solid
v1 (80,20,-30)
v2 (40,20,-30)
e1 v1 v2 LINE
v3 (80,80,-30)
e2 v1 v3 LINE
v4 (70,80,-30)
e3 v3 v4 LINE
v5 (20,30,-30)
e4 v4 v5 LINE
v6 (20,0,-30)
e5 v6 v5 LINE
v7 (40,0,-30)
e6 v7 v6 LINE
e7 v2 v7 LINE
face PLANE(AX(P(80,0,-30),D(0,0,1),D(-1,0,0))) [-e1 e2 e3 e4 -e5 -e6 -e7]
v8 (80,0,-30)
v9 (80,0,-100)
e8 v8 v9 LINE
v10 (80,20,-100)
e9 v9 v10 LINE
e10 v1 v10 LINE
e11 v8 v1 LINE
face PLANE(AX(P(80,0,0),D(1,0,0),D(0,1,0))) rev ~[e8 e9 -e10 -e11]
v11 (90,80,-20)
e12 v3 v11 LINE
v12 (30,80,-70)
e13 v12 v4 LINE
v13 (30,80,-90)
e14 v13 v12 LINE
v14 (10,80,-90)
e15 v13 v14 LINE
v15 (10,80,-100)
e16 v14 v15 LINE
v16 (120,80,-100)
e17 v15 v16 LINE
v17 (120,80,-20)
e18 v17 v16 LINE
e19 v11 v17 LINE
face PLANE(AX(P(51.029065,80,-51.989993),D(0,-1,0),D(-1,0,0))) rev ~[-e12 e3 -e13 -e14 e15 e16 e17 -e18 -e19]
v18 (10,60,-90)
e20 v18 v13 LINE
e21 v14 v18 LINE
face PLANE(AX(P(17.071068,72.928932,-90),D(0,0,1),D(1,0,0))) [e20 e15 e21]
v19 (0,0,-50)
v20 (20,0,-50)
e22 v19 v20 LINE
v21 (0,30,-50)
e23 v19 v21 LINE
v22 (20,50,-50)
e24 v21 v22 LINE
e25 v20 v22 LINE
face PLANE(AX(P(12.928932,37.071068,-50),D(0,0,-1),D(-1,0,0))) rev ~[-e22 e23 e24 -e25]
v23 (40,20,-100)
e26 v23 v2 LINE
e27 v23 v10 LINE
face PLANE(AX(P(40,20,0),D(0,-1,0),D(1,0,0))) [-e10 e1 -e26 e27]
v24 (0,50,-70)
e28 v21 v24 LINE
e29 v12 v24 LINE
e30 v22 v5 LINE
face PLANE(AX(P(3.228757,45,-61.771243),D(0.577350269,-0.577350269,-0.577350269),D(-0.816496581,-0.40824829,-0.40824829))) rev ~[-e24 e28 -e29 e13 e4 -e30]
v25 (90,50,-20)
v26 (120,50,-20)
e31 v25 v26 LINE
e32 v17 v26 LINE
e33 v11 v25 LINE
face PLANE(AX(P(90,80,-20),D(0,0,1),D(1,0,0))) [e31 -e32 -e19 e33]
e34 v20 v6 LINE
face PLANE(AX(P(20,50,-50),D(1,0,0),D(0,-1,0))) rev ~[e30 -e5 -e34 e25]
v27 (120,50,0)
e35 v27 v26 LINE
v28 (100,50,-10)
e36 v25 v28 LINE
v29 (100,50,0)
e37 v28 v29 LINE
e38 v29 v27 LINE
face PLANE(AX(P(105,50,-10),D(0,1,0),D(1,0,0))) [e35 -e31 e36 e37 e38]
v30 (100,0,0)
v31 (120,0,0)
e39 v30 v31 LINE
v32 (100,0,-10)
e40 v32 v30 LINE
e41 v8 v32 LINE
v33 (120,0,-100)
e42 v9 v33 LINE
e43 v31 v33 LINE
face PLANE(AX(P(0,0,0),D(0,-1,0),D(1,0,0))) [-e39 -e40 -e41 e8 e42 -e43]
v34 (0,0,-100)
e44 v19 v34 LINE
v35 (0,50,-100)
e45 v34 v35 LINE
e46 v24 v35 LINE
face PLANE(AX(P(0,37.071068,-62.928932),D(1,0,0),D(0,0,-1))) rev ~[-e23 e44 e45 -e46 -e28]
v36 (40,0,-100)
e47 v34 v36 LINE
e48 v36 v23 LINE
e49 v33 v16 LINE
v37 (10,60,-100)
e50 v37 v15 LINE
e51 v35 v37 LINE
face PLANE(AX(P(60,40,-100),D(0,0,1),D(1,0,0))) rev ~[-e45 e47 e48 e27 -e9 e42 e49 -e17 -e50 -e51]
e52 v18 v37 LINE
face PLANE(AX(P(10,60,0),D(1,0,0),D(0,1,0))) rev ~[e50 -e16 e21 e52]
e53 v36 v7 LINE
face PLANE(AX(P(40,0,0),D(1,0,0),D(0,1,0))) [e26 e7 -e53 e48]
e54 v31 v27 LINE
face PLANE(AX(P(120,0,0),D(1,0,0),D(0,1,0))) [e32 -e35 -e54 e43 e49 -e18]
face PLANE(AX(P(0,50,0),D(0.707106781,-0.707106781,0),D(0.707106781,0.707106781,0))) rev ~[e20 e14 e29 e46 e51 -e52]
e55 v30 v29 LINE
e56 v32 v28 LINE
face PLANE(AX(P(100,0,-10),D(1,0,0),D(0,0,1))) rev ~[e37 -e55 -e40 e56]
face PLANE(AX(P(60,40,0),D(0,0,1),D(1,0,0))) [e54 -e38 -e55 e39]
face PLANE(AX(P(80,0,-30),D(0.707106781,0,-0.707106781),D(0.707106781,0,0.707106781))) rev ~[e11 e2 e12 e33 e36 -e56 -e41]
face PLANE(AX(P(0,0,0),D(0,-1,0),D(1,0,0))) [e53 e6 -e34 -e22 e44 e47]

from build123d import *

# Parameters (mm, degrees)
SKETCH1_W                = 120
SKETCH1_H                = 80
BOSS_EXTRUDE1_DEPTH      = 100
SKETCH2_W                = 40
SKETCH2_H                = 20
CUT_EXTRUDE1_DEPTH       = 100
CUT_EXTRUDE2_DEPTH       = 100
SKETCH4_W                = 20
SKETCH4_H                = 50
CUT_EXTRUDE3_DEPTH       = 100
SKETCH5_W                = 60
SKETCH5_H                = 30
CUT_EXTRUDE4_DEPTH       = 100
CUT_EXTRUDE5_DEPTH       = 100
SKETCH7_W                = 30
SKETCH7_H                = 20
CUT_EXTRUDE6_DEPTH       = 30
CUT_EXTRUDE7_DEPTH       = 110
CUT_EXTRUDE8_DEPTH       = 110
CUT_EXTRUDE9_DEPTH       = 110
CUT_EXTRUDE11_DEPTH      = 110
CUT_EXTRUDE12_DEPTH      = 110
CUT_EXTRUDE13_DEPTH      = 110
BOSS_EXTRUDE4_DEPTH      = 50
BOSS_EXTRUDE6_DEPTH      = 40
BOSS_EXTRUDE7_DEPTH      = 40
CUT_EXTRUDE18_DEPTH      = 84
CUT_EXTRUDE18_DEPTH_BACK = 20
CUT_EXTRUDE19_DEPTH      = 20
SKETCH34_W               = 40
SKETCH34_H               = 50
BOSS_EXTRUDE8_DEPTH      = 30
SKETCH35_W               = 20
SKETCH35_H               = 14.142135624
CUT_EXTRUDE20_DEPTH      = 30
SKETCH36_W               = 20
SKETCH36_H               = 30
BOSS_EXTRUDE9_DEPTH      = 30
BOSS_EXTRUDE10_DEPTH     = 30
BOSS_EXTRUDE11_DEPTH     = 30
BOSS_EXTRUDE12_DEPTH     = 30
BOSS_EXTRUDE13_DEPTH     = 30
SKETCH41_W               = 40
SKETCH41_H               = 20
CUT_EXTRUDE21_DEPTH      = 172


with BuildPart() as part:
    # Sketch1 → Boss-Extrude1 (new body)
    with BuildSketch(Plane.XY):
        with Locations((60, 40)):
            Rectangle(SKETCH1_W, SKETCH1_H)
    extrude(amount=-BOSS_EXTRUDE1_DEPTH)

    # Sketch2 → Cut-Extrude1 (cut)
    with BuildSketch(Plane.XY):
        with Locations((60, 10)):
            Rectangle(SKETCH2_W, SKETCH2_H)
    extrude(amount=-CUT_EXTRUDE1_DEPTH, mode=Mode.SUBTRACT)

    # Sketch3 → Cut-Extrude2 (cut)
    with BuildSketch(Plane.XY):
        Polygon((0, 50), (10, 60), (10, 80), (0, 80), align=None)
    extrude(amount=-CUT_EXTRUDE2_DEPTH, mode=Mode.SUBTRACT)

    # Sketch4 → Cut-Extrude3 (cut)
    with BuildSketch(Plane(origin=(0, 0, 0), x_dir=(-1, 0, 0), z_dir=(0, -1, 0))):
        with Locations((-10, 25)):
            Rectangle(SKETCH4_W, SKETCH4_H)
    extrude(amount=-CUT_EXTRUDE3_DEPTH, mode=Mode.SUBTRACT)

    # Sketch5 → Cut-Extrude4 (cut)
    with BuildSketch(Plane(origin=(0, 0, 0), x_dir=(-1, 0, 0), z_dir=(0, -1, 0))):
        with Locations((-50, 15)):
            Rectangle(SKETCH5_W, SKETCH5_H)
    extrude(amount=-CUT_EXTRUDE4_DEPTH, mode=Mode.SUBTRACT)

    # Sketch6 → Cut-Extrude5 (cut)
    with BuildSketch(Plane.XZ):
        Polygon((80, -30), (100, -10), (100, 0), (80, 0), align=None)
    extrude(amount=-CUT_EXTRUDE5_DEPTH, mode=Mode.SUBTRACT)

    # Sketch7 → Cut-Extrude6 (cut)
    with BuildSketch(Plane(origin=(0, 80, 0), x_dir=(1, 0, 0), z_dir=(0, 1, 0))):
        with Locations((105, 10)):
            Rectangle(SKETCH7_W, SKETCH7_H)
    extrude(amount=-CUT_EXTRUDE6_DEPTH, mode=Mode.SUBTRACT)

    # Sketch9 → Cut-Extrude7 (cut)
    with BuildSketch(Plane.XY.offset(-90)):
        Polygon((10, 80), (10, 60), (30, 80), align=None)
    extrude(amount=CUT_EXTRUDE7_DEPTH, mode=Mode.SUBTRACT)

    # Sketch15 → Cut-Extrude8 (cut)
    with BuildSketch(Plane(origin=(6.578947368, -3.947368421, -2.631578947), x_dir=(0.278207442, -0.166924465, 0.945905303), z_dir=(-0.811107106, 0.486664263, 0.324442842))):
        Polygon((-71.221105162, 84.03430672), (-71.221105162, 25.724787771), (-50.077339567, 14.291548762), (-50.077339567, 53.164561394), align=None)
    extrude(amount=CUT_EXTRUDE8_DEPTH, mode=Mode.SUBTRACT)

    # Sketch18 → Cut-Extrude9 (cut)
    with BuildSketch(Plane(origin=(12.371134021, -10.309278351, -12.371134021), x_dir=(-0.468006318, 0.390005265, -0.793010706), z_dir=(0.609207699, -0.507673083, -0.609207699))):
        Polygon((72.670981065, 80.663234358), (22.230300111, 106.270610344), (22.230300111, 28.168113585), align=None)
    extrude(amount=-CUT_EXTRUDE9_DEPTH, mode=Mode.SUBTRACT)

    # Sketch19 → Cut-Extrude11 (cut)
    with BuildSketch(Plane(origin=(11.193675889, -9.328063241, -7.928853755), x_dir=(0.367189278, -0.305991065, 0.878374352), z_dir=(-0.674785869, 0.562321557, 0.477973324))):
        Polygon((-25.127266295, 106.270610344), (-70.665936585, 106.270610344), (-70.665936585, 23.046638388), (-25.127266295, 28.168113585), align=None)
    extrude(amount=CUT_EXTRUDE11_DEPTH, mode=Mode.SUBTRACT)

    # Sketch20 → Cut-Extrude12 (cut)
    with BuildSketch(Plane(origin=(18.330133634, 24.566158479, -3.023527197), x_dir=(0.803624389, -0.590679852, 0.072699059), z_dir=(0.595136826, 0.797606055, -0.098166899))):
        Polygon((-14.663450209, 46.256870976), (-22.809329684, 65.811114724), (-10.365705355, 46.571670512), align=None)
    extrude(amount=-CUT_EXTRUDE12_DEPTH, mode=Mode.SUBTRACT)

    # Sketch23 → Cut-Extrude13 (cut)
    with BuildSketch(Plane.XY.offset(-70)):
        Polygon((0, 30), (0, 80), (41.666666667, 80), align=None)
    extrude(amount=CUT_EXTRUDE13_DEPTH, mode=Mode.SUBTRACT)

    # Sketch27 → Boss-Extrude4 (add)
    with BuildSketch(Plane.XY.offset(-30)):
        Polygon((20, 20), (70, 80), (20, 30), align=None)
    extrude(amount=-BOSS_EXTRUDE4_DEPTH)

    # Sketch28 → Boss-Extrude6 (add)
    with BuildSketch(Plane(origin=(6.666666667, -6.666666667, -6.666666667), x_dir=(0.816496581, 0.40824829, 0.40824829), z_dir=(-0.577350269, 0.577350269, 0.577350269))):
        Polygon((28.577380332, 106.066017178), (77.567175188, 77.781745931), (16.329931619, 42.426406871), (-8.164965809, 84.852813742), align=None)
    extrude(amount=-BOSS_EXTRUDE6_DEPTH)

    # Sketch29 → Boss-Extrude7 (add)
    with BuildSketch(Plane(origin=(0, 80, 0), x_dir=(1, 0, 0), z_dir=(0, 1, 0))):
        Polygon((30, 70), (41.666666667, 70), (70, 30), align=None)
    extrude(amount=-BOSS_EXTRUDE7_DEPTH)

    # Sketch30 → Cut-Extrude18 (cut, two sides)
    with BuildSketch(Plane.XY.offset(-50)) as cut_extrude18_sk:
        Polygon((0, 0), (0, 30), (20, 50), (20, 0), align=None)
    extrude(amount=CUT_EXTRUDE18_DEPTH, mode=Mode.SUBTRACT)
    extrude(cut_extrude18_sk.sketch, amount=-CUT_EXTRUDE18_DEPTH_BACK, mode=Mode.SUBTRACT)

    # Sketch33 → Cut-Extrude19 (cut)
    with BuildSketch(Plane(origin=(11.193675889, -9.328063241, -7.928853755), x_dir=(0.367189278, -0.305991065, 0.878374352), z_dir=(-0.674785869, 0.562321557, 0.477973324))):
        Polygon((-70.665936585, 37.247092344), (-67.987191274, 37.130695181), (-70.665936585, 23.046638388), align=None)
    extrude(amount=-CUT_EXTRUDE19_DEPTH, mode=Mode.SUBTRACT)

    # Sketch34 → Boss-Extrude8 (add)
    with BuildSketch(Plane(origin=(0, 0, -100), x_dir=(-1, 0, 0), z_dir=(0, 0, -1))):
        with Locations((-20, 25)):
            Rectangle(SKETCH34_W, SKETCH34_H)
    extrude(amount=-BOSS_EXTRUDE8_DEPTH)

    # Sketch35 → Cut-Extrude20 (cut)
    with BuildSketch(Plane(origin=(-15, 15, 0), x_dir=(0, 0, -1), z_dir=(0.707106781, -0.707106781, 0))):
        with Locations((60, 42.426406871)):
            Rectangle(SKETCH35_W, SKETCH35_H)
    extrude(amount=-CUT_EXTRUDE20_DEPTH, mode=Mode.SUBTRACT)

    # Sketch36 → Boss-Extrude9 (add)
    with BuildSketch(Plane.ZY):
        with Locations((-60, 15)):
            Rectangle(SKETCH36_W, SKETCH36_H)
    extrude(amount=-BOSS_EXTRUDE9_DEPTH)

    # Sketch37 → Boss-Extrude10 (add)
    with BuildSketch(Plane.XY.offset(-50)):
        Polygon((0, 30), (20, 50), (20, 30), align=None)
    extrude(amount=-BOSS_EXTRUDE10_DEPTH)

    # Sketch38 → Boss-Extrude11 (add)
    with BuildSketch(Plane(origin=(6.666666667, -6.666666667, -6.666666667), x_dir=(0.816496581, 0.40824829, 0.40824829), z_dir=(-0.577350269, 0.577350269, 0.577350269))):
        Polygon((4.082482905, 91.923881554), (-8.164965809, 56.568542495), (16.329931619, 70.710678119), align=None)
    extrude(amount=-BOSS_EXTRUDE11_DEPTH)

    # Sketch39 → Boss-Extrude12 (add)
    with BuildSketch(Plane(origin=(6.666666667, -6.666666667, -6.666666667), x_dir=(0.816496581, 0.40824829, 0.40824829), z_dir=(-0.577350269, 0.577350269, 0.577350269))):
        Polygon((-8.164965809, 84.852813742), (4.082482905, 91.923881554), (-8.164965809, 56.568542495), align=None)
    extrude(amount=-BOSS_EXTRUDE12_DEPTH)

    # Sketch40 → Boss-Extrude13 (add)
    with BuildSketch(Plane.ZY):
        Polygon((-70, 30), (-70, 50), (-50, 30), align=None)
    extrude(amount=-BOSS_EXTRUDE13_DEPTH)

    # Sketch41 → Cut-Extrude21 (cut)
    with BuildSketch(Plane.XY.offset(-30)):
        with Locations((60, 10)):
            Rectangle(SKETCH41_W, SKETCH41_H)
    extrude(amount=-CUT_EXTRUDE21_DEPTH, mode=Mode.SUBTRACT)


solid = part.part
